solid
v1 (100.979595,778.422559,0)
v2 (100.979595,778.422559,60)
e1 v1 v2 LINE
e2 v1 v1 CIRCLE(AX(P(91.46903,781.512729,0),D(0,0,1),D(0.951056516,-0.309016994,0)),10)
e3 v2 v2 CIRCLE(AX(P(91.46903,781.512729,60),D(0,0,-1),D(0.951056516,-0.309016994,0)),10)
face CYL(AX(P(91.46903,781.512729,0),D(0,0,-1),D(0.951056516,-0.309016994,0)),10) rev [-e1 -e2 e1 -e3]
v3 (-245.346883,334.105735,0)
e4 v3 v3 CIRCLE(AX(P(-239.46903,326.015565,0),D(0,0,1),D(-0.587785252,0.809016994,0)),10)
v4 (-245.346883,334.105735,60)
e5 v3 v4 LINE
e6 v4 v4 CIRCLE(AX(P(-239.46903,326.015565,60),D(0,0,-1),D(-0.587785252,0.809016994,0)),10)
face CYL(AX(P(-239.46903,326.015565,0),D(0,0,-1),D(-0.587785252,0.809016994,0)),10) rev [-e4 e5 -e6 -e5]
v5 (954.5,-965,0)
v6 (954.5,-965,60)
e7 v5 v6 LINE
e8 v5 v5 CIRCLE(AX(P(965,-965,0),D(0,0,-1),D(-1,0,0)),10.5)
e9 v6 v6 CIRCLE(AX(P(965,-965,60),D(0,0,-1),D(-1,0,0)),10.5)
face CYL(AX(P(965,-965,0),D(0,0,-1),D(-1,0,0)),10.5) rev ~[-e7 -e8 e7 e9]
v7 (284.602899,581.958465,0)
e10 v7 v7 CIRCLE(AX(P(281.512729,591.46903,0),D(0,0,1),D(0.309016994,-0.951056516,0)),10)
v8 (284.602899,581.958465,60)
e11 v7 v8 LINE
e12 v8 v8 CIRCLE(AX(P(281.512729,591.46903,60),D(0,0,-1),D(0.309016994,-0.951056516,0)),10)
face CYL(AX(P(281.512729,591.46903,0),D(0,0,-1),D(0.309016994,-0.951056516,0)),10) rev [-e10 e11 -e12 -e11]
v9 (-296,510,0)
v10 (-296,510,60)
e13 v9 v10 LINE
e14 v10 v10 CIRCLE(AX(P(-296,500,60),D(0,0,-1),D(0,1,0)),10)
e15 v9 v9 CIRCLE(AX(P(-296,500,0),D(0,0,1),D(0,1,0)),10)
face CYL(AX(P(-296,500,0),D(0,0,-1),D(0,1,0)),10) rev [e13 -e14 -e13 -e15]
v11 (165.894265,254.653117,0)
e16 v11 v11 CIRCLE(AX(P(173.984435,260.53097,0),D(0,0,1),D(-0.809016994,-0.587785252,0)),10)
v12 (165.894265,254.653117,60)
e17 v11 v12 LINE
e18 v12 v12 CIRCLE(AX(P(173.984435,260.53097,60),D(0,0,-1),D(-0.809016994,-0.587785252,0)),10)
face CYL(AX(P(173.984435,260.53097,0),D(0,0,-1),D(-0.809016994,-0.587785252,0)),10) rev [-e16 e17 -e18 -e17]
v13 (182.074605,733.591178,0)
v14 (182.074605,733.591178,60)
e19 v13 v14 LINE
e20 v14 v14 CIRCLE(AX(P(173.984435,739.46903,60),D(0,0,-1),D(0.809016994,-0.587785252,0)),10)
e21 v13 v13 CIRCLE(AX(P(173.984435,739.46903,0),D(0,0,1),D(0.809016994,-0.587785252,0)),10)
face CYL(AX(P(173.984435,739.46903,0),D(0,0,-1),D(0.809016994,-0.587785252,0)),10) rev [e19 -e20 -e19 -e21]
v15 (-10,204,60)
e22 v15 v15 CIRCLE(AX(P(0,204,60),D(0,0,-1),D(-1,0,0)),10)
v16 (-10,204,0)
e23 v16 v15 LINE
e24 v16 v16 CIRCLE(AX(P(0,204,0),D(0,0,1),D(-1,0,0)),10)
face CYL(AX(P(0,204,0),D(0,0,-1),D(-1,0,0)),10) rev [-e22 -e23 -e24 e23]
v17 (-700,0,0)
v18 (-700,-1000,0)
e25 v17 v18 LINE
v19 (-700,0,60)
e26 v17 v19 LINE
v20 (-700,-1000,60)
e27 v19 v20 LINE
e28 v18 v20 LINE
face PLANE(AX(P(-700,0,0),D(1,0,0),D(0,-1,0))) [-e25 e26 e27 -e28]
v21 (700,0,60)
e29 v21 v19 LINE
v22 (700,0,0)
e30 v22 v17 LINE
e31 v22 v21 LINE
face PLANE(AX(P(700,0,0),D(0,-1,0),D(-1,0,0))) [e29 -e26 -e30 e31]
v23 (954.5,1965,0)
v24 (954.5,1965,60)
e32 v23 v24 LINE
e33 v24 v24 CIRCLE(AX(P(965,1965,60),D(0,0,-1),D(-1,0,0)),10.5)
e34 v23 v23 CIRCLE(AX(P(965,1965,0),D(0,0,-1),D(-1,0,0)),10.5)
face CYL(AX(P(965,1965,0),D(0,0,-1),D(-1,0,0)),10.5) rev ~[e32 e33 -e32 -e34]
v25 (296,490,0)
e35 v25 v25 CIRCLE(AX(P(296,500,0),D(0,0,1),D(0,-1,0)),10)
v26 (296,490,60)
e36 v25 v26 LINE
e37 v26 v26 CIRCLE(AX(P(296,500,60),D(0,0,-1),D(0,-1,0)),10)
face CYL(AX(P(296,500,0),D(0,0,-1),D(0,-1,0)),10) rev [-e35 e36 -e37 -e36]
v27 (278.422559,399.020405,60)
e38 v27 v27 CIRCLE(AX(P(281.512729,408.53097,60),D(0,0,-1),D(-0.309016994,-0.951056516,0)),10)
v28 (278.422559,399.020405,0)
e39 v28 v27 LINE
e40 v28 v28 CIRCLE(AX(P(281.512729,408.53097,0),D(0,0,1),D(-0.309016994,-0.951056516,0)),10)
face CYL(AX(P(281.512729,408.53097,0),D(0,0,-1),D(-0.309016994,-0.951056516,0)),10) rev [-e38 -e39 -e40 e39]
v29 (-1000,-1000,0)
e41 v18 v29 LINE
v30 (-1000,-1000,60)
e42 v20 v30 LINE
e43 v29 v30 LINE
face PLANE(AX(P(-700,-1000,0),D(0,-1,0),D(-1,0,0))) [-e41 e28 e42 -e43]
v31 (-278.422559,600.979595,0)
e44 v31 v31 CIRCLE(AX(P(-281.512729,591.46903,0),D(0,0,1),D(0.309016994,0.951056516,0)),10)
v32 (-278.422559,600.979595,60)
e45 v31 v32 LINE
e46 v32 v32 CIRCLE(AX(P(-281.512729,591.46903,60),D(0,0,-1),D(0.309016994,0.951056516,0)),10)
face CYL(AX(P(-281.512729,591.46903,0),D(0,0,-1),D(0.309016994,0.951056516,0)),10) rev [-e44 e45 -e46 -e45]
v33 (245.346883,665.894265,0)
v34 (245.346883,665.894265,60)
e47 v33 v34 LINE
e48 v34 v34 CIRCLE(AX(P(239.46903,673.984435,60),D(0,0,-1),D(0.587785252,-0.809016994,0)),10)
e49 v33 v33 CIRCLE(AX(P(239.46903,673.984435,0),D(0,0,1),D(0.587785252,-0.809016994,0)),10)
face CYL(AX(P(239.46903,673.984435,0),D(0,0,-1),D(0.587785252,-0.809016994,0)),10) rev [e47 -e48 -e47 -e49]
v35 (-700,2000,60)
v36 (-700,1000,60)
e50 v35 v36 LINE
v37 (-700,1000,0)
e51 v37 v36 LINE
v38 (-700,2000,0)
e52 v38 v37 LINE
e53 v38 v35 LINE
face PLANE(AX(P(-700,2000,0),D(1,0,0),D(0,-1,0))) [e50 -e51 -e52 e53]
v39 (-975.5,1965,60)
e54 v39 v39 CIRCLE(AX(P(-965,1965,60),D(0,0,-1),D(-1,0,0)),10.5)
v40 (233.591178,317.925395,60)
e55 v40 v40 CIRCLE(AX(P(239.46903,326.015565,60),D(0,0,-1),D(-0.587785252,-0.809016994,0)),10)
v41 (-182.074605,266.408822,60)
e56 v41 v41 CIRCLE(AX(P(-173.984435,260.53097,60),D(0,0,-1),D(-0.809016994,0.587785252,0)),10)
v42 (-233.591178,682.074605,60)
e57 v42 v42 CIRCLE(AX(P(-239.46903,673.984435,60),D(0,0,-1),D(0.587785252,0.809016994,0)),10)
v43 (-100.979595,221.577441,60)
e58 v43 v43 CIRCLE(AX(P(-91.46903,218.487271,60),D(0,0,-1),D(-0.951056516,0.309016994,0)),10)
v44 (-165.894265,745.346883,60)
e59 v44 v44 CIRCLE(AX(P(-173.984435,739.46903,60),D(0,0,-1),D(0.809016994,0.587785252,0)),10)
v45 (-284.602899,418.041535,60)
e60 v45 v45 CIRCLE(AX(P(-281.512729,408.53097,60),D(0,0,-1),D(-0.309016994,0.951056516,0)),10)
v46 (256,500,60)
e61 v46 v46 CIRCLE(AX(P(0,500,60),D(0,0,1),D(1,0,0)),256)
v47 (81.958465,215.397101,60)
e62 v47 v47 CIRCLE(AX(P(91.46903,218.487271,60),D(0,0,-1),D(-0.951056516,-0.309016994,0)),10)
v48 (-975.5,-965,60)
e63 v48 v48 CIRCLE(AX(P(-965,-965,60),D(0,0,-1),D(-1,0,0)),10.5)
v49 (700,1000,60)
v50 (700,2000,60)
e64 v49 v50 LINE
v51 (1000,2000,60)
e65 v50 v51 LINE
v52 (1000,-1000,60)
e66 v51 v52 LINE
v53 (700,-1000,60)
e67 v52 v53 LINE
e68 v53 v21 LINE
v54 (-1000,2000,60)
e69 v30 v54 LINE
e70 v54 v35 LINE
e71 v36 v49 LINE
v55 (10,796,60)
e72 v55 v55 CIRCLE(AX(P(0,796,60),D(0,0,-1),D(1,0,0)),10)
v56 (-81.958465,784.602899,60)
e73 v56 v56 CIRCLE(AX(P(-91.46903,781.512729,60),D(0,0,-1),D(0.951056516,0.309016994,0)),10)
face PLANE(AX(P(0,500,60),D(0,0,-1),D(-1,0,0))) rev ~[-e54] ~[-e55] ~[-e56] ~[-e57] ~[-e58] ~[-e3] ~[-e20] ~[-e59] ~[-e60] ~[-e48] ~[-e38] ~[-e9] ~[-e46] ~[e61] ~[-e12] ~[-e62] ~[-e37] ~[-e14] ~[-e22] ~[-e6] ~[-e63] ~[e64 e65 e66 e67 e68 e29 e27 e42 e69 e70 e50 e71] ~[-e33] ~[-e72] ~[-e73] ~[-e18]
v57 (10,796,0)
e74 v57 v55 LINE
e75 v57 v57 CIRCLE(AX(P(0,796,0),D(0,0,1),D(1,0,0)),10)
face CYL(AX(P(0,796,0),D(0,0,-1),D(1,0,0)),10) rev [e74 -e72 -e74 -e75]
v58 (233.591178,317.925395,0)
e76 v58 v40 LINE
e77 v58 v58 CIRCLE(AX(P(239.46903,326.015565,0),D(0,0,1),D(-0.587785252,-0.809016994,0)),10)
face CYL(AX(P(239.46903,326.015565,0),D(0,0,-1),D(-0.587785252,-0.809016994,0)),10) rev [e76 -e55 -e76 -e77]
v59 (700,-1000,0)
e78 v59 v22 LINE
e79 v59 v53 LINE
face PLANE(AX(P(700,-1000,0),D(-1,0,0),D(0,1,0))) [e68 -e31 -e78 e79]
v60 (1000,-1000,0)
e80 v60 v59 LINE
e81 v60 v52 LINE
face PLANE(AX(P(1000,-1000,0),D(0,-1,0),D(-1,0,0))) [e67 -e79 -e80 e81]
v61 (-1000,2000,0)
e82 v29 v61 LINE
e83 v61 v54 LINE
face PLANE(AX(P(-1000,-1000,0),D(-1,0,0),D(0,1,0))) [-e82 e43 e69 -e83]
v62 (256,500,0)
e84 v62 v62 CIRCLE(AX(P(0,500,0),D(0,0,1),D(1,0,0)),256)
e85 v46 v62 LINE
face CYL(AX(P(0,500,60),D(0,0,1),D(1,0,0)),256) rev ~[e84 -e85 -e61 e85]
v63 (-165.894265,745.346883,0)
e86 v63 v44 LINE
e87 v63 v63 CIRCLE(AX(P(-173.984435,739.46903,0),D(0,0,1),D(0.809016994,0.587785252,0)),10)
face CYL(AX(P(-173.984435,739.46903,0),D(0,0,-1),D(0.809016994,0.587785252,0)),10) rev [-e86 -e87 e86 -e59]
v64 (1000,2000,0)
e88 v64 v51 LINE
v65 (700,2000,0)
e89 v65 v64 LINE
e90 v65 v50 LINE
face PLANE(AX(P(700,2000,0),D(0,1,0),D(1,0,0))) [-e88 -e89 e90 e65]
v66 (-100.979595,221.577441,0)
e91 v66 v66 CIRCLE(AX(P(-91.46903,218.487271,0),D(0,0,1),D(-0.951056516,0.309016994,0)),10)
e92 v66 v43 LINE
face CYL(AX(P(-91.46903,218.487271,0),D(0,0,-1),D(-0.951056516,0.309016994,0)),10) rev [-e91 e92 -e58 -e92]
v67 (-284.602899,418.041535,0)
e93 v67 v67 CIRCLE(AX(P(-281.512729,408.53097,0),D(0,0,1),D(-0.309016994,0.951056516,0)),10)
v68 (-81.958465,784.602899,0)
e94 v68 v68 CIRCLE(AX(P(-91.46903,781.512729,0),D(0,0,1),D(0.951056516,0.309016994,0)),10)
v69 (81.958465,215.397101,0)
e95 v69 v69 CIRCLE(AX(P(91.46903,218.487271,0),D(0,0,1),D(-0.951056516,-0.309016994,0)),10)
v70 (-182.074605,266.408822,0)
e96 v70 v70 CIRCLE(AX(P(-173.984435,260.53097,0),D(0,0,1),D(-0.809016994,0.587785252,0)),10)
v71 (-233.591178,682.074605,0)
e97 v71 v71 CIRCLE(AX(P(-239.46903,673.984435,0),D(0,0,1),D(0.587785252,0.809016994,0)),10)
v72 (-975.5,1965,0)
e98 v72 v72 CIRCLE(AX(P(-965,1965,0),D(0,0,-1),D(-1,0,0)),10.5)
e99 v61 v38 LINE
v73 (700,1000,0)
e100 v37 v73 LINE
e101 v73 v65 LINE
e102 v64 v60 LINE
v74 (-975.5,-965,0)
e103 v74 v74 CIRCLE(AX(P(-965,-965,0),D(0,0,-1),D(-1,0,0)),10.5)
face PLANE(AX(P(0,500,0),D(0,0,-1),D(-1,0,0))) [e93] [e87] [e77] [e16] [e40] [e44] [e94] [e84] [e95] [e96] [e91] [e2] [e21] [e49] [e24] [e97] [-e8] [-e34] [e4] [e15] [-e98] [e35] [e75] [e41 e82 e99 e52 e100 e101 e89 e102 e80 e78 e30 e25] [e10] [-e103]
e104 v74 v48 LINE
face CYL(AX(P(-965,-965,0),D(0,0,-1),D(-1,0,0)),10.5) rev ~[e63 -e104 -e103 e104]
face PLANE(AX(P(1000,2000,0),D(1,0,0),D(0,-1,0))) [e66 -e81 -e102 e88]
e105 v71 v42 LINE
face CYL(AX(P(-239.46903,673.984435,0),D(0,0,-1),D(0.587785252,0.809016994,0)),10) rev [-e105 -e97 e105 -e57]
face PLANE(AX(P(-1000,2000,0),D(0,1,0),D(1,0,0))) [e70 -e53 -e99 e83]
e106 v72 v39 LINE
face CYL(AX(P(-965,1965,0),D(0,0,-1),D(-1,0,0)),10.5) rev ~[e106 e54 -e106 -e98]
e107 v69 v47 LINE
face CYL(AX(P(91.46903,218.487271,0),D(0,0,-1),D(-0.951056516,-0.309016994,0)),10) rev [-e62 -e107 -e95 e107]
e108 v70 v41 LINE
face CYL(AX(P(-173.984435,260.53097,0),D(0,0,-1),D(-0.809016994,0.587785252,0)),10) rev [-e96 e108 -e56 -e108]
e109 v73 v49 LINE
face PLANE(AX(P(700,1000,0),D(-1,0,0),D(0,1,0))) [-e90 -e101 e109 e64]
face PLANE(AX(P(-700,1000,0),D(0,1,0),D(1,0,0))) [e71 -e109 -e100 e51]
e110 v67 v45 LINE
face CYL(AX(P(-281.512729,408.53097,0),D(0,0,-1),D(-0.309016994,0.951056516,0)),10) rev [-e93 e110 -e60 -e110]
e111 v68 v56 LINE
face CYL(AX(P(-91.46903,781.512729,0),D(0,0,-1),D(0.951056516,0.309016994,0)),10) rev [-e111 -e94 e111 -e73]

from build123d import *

# Parameters (mm, degrees)
BOSS_EXTRU_1_DEPTH           = 60
ESQUISSE2_R                  = 256
ENL_V_MAT_EXTRU_1_DEPTH      = 2237.872817127
ESQUISSE5_R                  = 10
ENL_V_MAT_EXTRU_3_DEPTH      = 2237.872817127
R_P_TITION_CIRCULAIRE1_COUNT = 20
ESQUISSE6_R                  = 10.5
ENL_V_MAT_EXTRU_4_DEPTH      = 2237.872817127


with BuildPart() as part:
    # Esquisse1 → Boss.-Extru.1 (new body)
    with BuildSketch(Plane.XY):
        Polygon((-1000, 2000), (-700, 2000), (-700, 1000), (700, 1000), (700, 2000), (1000, 2000), (1000, -1000), (700, -1000), (700, 0), (-700, 0), (-700, -1000), (-1000, -1000), align=None)
    extrude(amount=BOSS_EXTRU_1_DEPTH)

    # Esquisse2 → Enlèv. mat.-Extru.1 (cut, through all)
    with BuildSketch(Plane.XY.offset(60)):
        with Locations((0, 500)):
            Circle(ESQUISSE2_R)
    extrude(amount=-ENL_V_MAT_EXTRU_1_DEPTH, mode=Mode.SUBTRACT)

    # Esquisse5 → Enlèv. mat.-Extru.3 (cut, through all)
    with BuildSketch(Plane.XY):
        with Locations((0, 796)):
            Circle(ESQUISSE5_R)
    enl_v_mat_extru_3 = extrude(amount=ENL_V_MAT_EXTRU_3_DEPTH, mode=Mode.SUBTRACT)

    # Répétition circulaire1: Enlèv. mat.-Extru.3 ×20 about axis
    r_p_tition_circulaire1_axis = Axis((0, 500, 0), (0, 0, 1))
    for i in range(1, R_P_TITION_CIRCULAIRE1_COUNT):
        add(enl_v_mat_extru_3.rotate(r_p_tition_circulaire1_axis, i * 360 / R_P_TITION_CIRCULAIRE1_COUNT), mode=Mode.SUBTRACT)

    # Esquisse6 → Enlèv. mat.-Extru.4 (cut, through all)
    with BuildSketch(Plane(origin=(0, 0, 0), x_dir=(-1, 0, 0), z_dir=(0, 0, -1))):
        with Locations((-965, 1965)):
            Circle(ESQUISSE6_R)
        with Locations((-965, -965)):
            Circle(ESQUISSE6_R)
        with Locations((965, -965)):
            Circle(ESQUISSE6_R)
        with Locations((965, 1965)):
            Circle(ESQUISSE6_R)
    extrude(amount=-ENL_V_MAT_EXTRU_4_DEPTH, mode=Mode.SUBTRACT)


solid = part.part
